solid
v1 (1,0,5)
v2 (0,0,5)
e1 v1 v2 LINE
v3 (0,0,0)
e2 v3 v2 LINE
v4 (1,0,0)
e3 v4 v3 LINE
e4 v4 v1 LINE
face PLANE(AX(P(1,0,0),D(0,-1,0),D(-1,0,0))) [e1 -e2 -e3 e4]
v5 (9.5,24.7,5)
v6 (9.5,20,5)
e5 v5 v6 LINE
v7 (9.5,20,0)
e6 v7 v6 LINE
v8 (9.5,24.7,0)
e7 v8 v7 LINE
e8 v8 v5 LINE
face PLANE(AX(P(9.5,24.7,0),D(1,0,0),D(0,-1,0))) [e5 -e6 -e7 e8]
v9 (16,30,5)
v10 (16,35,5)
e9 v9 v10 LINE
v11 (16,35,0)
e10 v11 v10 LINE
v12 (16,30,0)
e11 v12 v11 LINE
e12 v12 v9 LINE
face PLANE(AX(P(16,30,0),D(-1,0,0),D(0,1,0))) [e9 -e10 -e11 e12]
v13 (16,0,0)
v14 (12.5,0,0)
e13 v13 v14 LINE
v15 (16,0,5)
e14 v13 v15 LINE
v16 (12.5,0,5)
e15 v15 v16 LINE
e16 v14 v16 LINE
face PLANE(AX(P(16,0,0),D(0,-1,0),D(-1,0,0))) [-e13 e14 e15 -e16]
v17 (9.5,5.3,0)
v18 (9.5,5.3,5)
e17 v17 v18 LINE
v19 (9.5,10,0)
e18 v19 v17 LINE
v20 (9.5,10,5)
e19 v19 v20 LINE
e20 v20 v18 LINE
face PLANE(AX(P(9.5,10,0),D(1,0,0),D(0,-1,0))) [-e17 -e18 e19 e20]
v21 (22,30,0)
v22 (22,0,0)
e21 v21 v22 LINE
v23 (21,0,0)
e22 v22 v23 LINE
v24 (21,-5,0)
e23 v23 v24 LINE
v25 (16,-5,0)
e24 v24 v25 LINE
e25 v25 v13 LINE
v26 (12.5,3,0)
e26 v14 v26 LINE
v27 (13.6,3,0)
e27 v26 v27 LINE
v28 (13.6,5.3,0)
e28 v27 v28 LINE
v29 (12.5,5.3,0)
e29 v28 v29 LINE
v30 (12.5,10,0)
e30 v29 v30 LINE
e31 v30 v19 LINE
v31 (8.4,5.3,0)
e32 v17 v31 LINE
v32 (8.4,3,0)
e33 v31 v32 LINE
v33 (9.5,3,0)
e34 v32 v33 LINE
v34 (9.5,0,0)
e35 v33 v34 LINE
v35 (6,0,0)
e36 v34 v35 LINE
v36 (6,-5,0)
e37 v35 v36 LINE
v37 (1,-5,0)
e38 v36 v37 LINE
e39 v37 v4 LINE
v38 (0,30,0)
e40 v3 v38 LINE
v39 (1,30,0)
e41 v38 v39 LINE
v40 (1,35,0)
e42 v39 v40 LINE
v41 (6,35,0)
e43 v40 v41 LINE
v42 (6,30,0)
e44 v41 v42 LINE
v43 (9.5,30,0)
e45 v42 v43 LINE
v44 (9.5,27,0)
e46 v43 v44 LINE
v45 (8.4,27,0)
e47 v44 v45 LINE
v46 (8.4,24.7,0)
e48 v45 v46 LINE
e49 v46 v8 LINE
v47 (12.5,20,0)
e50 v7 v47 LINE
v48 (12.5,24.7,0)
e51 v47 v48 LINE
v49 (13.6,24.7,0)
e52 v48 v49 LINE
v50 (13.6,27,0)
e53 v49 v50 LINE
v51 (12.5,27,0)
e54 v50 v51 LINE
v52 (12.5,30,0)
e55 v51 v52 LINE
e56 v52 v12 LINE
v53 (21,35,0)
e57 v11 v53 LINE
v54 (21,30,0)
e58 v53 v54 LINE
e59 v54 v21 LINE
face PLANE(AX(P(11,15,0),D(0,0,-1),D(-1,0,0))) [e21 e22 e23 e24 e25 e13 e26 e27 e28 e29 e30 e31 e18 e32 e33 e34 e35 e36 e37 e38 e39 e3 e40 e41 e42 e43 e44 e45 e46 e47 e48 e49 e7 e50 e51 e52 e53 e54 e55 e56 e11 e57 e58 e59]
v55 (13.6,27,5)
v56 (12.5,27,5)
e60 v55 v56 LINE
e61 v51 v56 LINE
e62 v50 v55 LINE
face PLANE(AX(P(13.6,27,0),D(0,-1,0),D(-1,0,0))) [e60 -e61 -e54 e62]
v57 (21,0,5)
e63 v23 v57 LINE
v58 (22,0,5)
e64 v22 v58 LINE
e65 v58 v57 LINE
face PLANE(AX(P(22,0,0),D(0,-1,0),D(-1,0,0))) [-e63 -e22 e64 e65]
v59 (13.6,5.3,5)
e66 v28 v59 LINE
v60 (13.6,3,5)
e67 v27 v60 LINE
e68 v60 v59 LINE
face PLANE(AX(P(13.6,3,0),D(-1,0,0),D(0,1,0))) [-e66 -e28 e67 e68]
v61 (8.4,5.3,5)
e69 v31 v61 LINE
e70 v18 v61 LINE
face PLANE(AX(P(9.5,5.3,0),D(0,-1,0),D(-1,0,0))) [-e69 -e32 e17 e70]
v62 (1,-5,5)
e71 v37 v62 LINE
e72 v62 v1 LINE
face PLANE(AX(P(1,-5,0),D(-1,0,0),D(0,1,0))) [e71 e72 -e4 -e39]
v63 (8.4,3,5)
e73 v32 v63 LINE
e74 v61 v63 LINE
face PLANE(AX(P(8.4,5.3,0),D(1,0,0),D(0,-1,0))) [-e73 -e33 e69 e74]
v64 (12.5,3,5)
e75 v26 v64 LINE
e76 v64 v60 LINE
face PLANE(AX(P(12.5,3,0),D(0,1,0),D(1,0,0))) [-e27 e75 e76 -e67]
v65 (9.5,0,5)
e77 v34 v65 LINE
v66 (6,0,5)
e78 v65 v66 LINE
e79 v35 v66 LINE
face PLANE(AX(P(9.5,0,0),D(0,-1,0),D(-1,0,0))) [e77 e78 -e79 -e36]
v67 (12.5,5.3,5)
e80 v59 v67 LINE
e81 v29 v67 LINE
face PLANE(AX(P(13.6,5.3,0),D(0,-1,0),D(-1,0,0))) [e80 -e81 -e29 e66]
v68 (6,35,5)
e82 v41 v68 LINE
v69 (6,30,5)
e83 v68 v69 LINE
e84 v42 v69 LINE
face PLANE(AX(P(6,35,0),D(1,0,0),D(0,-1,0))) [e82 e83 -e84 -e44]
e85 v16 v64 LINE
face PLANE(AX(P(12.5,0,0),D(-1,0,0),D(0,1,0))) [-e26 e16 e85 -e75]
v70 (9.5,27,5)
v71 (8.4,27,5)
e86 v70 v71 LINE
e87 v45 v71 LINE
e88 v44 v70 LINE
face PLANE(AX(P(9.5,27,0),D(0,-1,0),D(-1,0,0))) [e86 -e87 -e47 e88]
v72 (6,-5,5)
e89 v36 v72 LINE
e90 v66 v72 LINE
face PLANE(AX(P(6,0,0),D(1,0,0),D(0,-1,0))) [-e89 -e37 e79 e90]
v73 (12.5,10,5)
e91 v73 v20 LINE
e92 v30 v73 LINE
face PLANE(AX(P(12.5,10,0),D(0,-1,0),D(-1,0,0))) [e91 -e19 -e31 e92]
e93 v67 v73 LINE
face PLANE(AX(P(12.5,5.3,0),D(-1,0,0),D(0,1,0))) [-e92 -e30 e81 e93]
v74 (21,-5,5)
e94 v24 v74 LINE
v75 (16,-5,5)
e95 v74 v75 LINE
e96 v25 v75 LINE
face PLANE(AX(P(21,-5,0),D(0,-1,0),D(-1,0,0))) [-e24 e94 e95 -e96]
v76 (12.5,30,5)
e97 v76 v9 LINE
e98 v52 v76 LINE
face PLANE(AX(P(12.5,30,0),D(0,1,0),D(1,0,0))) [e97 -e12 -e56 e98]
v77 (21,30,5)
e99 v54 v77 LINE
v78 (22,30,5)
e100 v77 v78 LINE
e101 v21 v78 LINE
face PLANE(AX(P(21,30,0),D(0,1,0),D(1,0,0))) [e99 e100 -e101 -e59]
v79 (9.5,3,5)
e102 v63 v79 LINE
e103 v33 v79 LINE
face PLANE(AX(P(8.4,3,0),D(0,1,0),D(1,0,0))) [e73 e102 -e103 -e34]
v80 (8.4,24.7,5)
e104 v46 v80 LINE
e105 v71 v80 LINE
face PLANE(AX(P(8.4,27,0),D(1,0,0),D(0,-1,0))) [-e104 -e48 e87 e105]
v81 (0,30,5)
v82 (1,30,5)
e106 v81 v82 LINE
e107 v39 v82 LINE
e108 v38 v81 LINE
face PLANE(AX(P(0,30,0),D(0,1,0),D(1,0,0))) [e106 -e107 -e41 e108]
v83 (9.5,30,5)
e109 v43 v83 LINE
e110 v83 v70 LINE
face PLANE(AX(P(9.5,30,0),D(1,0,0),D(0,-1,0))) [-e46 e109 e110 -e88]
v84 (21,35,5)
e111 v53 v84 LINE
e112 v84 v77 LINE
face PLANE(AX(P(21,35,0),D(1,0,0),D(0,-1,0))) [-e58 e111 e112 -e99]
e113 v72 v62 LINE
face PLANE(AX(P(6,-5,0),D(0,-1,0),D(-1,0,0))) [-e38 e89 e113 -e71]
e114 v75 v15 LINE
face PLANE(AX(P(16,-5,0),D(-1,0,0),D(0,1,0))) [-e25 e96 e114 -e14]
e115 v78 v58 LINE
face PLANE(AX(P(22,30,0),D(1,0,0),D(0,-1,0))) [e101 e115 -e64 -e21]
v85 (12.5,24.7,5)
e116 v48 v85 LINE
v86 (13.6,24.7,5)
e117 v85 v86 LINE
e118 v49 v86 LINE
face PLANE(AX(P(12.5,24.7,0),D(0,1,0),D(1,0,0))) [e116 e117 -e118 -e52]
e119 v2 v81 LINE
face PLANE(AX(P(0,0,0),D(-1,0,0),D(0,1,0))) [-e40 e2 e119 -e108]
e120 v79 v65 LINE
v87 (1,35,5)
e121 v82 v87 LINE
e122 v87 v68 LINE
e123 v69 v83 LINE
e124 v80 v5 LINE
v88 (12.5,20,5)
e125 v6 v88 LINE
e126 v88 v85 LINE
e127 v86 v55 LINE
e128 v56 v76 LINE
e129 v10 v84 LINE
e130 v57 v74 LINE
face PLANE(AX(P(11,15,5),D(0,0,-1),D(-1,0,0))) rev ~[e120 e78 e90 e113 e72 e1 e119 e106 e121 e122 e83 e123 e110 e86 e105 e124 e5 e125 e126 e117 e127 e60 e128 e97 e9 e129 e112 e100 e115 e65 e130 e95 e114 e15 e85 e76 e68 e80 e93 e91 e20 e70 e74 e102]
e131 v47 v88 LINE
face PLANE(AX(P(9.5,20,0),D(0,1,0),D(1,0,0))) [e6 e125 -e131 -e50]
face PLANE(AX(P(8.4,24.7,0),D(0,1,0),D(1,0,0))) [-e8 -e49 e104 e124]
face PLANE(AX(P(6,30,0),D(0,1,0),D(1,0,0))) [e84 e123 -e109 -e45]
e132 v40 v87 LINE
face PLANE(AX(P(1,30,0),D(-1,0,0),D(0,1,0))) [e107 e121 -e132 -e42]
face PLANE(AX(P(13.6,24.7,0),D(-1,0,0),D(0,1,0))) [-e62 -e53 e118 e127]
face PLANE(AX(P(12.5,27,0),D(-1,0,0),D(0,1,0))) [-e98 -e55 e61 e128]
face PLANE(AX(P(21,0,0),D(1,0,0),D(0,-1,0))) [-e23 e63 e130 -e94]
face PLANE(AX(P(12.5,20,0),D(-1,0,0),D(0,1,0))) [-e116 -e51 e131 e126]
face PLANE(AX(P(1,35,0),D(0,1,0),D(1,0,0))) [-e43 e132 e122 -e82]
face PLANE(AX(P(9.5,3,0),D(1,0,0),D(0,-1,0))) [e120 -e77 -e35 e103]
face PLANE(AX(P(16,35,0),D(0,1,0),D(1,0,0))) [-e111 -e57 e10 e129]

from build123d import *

# Parameters (mm, degrees)
BOSS_EXTRUDE1_DEPTH = 5


with BuildPart() as part:
    # Sketch1 → Boss-Extrude1 (new body)
    with BuildSketch(Plane.XY):
        Polygon((0, 30), (1, 30), (1, 35), (6, 35), (6, 30), (9.5, 30), (9.5, 27), (8.4, 27), (8.4, 24.7), (9.5, 24.7), (9.5, 20), (12.5, 20), (12.5, 24.7), (13.6, 24.7), (13.6, 27), (12.5, 27), (12.5, 30), (16, 30), (16, 35), (21, 35), (21, 30), (22, 30), (22, 0), (21, 0), (21, -5), (16, -5), (16, 0), (12.5, 0), (12.5, 3), (13.6, 3), (13.6, 5.3), (12.5, 5.3), (12.5, 10), (9.5, 10), (9.5, 5.3), (8.4, 5.3), (8.4, 3), (9.5, 3), (9.5, 0), (6, 0), (6, -5), (1, -5), (1, 0), (0, 0), align=None)
    extrude(amount=BOSS_EXTRUDE1_DEPTH)


solid = part.part
